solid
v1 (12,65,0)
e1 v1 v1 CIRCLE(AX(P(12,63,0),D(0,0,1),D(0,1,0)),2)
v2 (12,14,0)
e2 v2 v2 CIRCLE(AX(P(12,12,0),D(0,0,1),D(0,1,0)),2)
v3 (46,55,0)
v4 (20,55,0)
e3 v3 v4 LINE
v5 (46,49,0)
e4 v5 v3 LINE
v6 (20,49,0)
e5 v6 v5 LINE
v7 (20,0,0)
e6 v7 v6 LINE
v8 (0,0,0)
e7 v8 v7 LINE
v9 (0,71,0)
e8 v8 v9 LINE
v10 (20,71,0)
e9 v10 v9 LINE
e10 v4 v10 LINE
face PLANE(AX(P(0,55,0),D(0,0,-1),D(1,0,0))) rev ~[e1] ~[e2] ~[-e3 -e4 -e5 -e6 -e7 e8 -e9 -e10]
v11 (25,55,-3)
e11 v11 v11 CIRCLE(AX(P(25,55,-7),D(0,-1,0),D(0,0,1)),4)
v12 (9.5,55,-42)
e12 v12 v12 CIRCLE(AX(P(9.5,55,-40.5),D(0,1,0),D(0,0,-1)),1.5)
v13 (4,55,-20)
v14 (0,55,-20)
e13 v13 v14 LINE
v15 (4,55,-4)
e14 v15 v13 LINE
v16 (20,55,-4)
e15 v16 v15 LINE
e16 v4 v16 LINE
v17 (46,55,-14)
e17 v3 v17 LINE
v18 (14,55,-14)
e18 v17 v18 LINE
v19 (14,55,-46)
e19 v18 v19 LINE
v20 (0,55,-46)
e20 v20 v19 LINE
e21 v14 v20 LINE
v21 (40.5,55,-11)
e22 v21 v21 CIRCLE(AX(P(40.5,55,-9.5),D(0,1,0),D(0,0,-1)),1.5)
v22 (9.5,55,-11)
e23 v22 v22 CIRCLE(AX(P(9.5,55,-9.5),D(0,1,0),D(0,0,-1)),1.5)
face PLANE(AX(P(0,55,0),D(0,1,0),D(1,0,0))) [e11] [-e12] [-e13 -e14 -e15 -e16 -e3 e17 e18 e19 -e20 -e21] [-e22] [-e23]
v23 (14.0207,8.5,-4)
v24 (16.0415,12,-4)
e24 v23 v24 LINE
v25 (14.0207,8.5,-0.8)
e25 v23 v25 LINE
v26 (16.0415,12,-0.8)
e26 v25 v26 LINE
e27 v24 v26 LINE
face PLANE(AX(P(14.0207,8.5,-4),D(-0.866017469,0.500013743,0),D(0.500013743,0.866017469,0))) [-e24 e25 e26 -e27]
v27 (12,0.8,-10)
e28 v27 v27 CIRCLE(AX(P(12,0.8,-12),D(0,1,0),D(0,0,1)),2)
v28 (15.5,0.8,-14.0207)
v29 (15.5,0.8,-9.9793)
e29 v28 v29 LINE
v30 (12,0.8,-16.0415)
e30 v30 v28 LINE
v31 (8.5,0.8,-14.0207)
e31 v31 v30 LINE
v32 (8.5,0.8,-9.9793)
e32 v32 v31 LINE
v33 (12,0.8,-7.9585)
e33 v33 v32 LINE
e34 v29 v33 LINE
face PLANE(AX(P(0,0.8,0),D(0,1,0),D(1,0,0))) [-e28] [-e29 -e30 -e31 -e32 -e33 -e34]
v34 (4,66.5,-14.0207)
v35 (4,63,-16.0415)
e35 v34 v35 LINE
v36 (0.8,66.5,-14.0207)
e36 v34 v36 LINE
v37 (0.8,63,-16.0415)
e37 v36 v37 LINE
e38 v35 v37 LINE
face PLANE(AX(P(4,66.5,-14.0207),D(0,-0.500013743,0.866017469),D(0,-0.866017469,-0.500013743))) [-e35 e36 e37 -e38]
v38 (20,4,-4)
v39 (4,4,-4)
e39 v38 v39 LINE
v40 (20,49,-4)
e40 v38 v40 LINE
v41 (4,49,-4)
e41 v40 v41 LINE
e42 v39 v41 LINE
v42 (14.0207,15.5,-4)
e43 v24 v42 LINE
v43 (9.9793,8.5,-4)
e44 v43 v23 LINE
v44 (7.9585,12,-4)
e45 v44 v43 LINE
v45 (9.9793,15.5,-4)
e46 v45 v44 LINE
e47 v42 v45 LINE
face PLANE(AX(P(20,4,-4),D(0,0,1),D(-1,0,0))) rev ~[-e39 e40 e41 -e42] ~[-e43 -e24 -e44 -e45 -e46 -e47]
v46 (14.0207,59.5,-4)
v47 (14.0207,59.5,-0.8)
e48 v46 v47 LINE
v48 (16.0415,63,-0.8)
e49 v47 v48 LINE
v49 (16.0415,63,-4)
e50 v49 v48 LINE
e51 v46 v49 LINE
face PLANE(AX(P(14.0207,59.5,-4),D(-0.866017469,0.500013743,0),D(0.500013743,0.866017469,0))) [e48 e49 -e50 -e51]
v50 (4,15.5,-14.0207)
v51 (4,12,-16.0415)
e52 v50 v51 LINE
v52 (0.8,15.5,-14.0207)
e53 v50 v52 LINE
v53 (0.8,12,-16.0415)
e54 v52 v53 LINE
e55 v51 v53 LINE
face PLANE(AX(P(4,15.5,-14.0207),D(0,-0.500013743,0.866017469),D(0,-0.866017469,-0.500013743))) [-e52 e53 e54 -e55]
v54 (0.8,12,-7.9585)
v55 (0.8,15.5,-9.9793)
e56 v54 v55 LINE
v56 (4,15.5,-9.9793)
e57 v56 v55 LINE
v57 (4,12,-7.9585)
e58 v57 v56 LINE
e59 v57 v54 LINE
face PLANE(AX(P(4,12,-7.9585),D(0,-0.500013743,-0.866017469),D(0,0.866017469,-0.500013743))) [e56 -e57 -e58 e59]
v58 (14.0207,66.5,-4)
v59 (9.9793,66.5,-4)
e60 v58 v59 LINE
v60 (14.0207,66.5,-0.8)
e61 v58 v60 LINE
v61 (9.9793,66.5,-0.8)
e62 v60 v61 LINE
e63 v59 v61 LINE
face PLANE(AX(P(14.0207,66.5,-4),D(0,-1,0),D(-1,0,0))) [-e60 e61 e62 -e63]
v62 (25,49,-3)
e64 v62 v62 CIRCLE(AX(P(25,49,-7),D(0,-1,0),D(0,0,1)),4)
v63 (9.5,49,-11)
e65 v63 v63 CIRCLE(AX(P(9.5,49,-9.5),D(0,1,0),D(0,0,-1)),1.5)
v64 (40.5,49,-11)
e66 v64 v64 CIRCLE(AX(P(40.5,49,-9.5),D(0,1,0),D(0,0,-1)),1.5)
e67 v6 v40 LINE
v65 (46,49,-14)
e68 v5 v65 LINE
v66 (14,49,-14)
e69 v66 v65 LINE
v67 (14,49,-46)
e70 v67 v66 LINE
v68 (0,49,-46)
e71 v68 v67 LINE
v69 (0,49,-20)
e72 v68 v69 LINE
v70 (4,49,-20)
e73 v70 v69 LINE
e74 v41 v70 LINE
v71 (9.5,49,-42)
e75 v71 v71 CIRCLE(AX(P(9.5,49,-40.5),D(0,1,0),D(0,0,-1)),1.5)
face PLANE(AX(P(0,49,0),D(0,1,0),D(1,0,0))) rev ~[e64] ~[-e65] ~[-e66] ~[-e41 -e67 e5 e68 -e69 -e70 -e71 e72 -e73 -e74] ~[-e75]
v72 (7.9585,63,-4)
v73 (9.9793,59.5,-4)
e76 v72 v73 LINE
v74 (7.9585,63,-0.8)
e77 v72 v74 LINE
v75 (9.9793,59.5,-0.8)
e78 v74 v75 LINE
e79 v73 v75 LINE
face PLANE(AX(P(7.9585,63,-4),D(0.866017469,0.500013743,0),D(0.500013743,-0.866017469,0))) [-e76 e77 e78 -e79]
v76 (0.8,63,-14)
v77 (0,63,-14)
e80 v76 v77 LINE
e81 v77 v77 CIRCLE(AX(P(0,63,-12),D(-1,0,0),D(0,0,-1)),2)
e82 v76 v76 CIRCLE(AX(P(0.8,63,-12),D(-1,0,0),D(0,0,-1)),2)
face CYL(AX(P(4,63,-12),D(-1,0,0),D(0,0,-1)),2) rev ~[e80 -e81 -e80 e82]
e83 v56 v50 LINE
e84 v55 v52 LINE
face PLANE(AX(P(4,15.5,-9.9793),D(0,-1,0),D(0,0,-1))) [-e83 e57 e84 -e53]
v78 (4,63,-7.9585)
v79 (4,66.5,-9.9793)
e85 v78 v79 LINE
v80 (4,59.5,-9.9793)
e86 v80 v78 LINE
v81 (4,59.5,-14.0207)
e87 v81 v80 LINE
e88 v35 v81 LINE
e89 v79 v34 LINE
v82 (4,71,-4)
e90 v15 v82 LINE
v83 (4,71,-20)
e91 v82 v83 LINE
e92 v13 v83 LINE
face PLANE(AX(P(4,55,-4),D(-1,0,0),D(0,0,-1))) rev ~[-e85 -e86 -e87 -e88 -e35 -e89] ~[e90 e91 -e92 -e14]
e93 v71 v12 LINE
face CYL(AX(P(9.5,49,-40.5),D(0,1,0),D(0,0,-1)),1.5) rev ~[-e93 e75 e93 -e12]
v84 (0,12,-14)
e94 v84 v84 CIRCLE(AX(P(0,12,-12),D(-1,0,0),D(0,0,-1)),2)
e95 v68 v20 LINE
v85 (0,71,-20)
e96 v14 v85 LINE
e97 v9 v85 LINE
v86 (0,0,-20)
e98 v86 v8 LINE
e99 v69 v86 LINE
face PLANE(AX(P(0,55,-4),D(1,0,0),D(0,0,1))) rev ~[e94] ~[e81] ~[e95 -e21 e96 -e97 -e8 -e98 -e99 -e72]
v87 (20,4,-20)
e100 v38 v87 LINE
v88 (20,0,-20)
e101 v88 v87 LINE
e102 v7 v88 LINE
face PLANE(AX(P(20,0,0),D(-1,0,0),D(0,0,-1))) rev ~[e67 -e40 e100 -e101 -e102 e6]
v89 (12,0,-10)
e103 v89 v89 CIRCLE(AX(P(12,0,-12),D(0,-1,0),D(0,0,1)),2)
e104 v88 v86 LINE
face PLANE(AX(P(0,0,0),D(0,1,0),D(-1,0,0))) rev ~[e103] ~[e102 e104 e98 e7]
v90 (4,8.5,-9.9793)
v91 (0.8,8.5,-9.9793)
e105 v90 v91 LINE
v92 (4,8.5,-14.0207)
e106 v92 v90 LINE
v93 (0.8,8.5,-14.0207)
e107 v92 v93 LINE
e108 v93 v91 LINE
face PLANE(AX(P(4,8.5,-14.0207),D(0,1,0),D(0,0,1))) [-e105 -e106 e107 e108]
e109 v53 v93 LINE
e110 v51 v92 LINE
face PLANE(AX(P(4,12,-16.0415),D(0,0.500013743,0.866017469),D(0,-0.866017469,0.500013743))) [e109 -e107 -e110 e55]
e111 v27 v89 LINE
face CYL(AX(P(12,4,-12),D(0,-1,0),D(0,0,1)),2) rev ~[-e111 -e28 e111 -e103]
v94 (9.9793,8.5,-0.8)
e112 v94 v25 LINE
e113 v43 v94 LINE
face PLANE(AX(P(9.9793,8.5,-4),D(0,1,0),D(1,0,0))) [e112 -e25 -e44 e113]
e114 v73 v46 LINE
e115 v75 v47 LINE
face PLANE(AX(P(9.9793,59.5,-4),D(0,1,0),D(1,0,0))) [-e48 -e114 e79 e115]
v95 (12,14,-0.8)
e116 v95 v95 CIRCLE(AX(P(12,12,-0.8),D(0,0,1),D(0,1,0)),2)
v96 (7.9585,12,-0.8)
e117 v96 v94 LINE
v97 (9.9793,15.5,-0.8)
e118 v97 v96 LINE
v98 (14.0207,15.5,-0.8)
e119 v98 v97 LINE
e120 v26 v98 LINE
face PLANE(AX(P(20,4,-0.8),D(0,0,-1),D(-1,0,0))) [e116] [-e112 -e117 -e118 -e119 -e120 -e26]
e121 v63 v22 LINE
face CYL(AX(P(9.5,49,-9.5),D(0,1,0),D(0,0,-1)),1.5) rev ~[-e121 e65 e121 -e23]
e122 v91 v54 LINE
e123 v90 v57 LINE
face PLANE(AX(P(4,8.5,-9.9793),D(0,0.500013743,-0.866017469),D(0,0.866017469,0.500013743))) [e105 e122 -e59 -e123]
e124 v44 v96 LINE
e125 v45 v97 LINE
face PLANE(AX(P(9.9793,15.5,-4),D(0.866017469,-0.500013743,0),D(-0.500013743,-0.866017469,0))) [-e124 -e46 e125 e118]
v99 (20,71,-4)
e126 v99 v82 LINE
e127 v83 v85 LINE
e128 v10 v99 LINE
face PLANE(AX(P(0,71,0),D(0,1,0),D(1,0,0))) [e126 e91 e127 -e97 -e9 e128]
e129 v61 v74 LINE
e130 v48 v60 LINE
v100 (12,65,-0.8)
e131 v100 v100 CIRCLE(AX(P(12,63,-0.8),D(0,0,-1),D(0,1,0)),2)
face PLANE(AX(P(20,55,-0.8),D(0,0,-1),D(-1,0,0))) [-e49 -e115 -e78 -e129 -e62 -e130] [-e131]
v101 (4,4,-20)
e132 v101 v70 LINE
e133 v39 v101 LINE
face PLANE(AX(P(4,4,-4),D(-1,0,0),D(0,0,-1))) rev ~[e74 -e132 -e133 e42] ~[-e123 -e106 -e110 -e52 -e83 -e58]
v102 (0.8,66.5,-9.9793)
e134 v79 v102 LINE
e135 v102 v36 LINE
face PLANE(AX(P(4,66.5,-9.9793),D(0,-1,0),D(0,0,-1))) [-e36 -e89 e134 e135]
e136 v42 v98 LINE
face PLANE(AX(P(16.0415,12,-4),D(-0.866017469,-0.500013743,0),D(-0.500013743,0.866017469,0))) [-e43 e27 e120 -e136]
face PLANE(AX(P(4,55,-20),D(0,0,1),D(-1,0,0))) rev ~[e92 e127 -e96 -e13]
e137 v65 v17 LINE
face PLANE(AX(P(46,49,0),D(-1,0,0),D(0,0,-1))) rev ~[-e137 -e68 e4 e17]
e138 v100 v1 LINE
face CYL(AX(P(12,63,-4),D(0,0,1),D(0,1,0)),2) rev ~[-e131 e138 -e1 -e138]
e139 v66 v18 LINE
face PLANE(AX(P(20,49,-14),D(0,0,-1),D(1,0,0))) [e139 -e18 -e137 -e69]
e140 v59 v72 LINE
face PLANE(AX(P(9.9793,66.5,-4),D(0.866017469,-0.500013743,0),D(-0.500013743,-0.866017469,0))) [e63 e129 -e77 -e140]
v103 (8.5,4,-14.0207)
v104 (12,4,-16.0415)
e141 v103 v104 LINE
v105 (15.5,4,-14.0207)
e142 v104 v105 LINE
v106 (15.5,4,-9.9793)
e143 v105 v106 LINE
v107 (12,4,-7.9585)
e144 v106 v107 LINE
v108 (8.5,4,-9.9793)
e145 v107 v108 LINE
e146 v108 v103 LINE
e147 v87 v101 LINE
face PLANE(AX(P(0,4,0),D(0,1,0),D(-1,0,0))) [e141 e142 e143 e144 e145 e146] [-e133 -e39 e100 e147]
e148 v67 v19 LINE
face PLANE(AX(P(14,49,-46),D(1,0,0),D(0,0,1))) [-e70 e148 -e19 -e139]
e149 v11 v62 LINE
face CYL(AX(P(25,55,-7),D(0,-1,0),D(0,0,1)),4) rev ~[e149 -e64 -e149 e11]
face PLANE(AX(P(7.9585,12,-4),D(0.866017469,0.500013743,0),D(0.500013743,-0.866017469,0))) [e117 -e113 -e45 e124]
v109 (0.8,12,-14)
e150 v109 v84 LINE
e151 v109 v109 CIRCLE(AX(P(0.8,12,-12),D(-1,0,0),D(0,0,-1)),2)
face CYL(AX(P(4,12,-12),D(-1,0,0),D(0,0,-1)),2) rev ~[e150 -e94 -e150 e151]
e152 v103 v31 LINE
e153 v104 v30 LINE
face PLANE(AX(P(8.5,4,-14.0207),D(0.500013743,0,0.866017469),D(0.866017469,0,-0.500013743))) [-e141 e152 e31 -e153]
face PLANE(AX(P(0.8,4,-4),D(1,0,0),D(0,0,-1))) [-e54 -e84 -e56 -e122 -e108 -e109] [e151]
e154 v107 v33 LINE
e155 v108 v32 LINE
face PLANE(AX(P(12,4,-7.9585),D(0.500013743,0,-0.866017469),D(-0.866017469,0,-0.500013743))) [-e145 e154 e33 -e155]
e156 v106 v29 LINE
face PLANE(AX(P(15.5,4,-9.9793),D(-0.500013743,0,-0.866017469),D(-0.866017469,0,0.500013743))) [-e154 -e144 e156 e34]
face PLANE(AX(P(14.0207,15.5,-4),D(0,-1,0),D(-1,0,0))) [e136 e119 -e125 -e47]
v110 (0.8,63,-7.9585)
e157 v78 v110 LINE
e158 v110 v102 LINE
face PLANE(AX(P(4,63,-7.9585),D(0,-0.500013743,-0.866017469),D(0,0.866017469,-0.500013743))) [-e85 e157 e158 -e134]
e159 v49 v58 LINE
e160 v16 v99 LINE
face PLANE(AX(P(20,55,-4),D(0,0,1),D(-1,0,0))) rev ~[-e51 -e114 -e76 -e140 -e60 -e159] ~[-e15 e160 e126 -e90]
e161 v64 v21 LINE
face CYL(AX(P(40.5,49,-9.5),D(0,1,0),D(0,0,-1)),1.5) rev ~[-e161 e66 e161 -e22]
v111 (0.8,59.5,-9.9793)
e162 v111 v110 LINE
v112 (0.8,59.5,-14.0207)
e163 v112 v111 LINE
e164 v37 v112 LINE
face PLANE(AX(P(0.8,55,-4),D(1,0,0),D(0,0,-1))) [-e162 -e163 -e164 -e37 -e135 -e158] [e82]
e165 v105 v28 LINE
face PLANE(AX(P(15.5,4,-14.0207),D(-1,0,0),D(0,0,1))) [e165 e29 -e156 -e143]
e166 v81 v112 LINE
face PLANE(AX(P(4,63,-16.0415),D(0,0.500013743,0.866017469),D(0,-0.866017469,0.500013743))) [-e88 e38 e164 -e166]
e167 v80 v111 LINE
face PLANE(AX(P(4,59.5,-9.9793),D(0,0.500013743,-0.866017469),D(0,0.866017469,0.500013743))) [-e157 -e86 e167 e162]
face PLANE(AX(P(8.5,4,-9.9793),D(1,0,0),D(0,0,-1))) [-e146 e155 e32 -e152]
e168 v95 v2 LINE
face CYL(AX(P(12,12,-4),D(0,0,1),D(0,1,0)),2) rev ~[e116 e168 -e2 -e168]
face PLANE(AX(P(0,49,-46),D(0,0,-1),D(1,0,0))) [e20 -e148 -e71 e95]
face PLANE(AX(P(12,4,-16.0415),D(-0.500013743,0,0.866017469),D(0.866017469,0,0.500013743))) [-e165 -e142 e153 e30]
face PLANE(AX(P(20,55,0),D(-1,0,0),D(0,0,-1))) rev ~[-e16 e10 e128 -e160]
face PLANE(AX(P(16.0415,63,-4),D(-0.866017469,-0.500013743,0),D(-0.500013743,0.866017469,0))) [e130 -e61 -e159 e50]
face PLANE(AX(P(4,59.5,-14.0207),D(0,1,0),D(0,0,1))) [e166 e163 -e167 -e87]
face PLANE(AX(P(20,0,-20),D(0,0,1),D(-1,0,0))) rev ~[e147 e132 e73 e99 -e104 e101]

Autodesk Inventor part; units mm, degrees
ref_plane "YZ Plane" through (0, 0, 0) normal (1, 0, 0) x (0, 1, 0)
ref_plane "XZ Plane" through (0, 0, 0) normal (0, 1, 0) x (-1, 0, 0)
ref_plane "XY Plane" through (0, 0, 0) normal (0, 0, 1) x (1, 0, 0)
sketch "Sketch1" plane through (0, 0, 0) normal (0, 1, 0) x (-1, 0, 0)
  line L0 (0, 0) -> (-20, 0)
  line L1 (-20, 0) -> (-20, -20)
  line L2 (-20, -20) -> (0, -20)
  line L3 (0, -20) -> (0, 0)
  dimension "d0" = 20
  dimension "d1" = 20
extrude "Extrusion1" add sketch "Sketch1" along normal blind 4
sketch "Sketch2" plane through (0, 4, 0) normal (0, 1, 0) x (1, 0, 0)
  line L0 (0, 0) -> (20, 0)
  line L1 (20, 0) -> (20, 4)
  line L2 (20, 4) -> (4, 4)
  line L3 (0, 4) -> (0, 0)
  line L4 (0, 0) -> (4, 0)
  line L5 (4, 20) -> (0, 20)
  line L6 (0, 20) -> (0, 0)
  line L7 (4, 4) -> (4, 20)
  line L8 (0, 0) -> (20, 0) projected
  line L9 (0, 0) -> (20, 0)
  line L10 (0, 20) -> (0, 0) projected
  line L11 (0, 0) -> (0, 20)
extrude "Extrusion2" add sketch "Sketch2" along normal blind 45
hole "Hole2" at (12, 12, -4) direction (0, 0, 1) diameter 4 end through all
hole "Hole3" at (4, 12, -12) direction (-1, 0, 0) diameter 4 end through all
hole "Hole4" at (12, 4, -12) direction (0, -1, 0) diameter 4 end through all
sketch "Sketch3" plane through (20, 4, -4) normal (0, 0, -1) x (-1, 0, 0)
  line L0 (12.0415, 8) -> (10.0207, 4.5)
  line L1 (10.0207, 4.5) -> (5.9793, 4.5)
  line L2 (5.9793, 4.5) -> (3.9585, 8)
  line L3 (3.9585, 8) -> (5.9793, 11.5)
  line L4 (5.9793, 11.5) -> (10.0207, 11.5)
  line L5 (10.0207, 11.5) -> (12.0415, 8)
  point P0 (20, -4)
  point P1 (8, 8)
  dimension "d51" = 7
sketch "Sketch4" plane through (4, 4, -4) normal (1, 0, 0) x (0, 0, -1)
  line L0 (12.0415, 8) -> (10.0207, 4.5)
  line L1 (10.0207, 4.5) -> (5.9793, 4.5)
  line L2 (5.9793, 4.5) -> (3.9585, 8)
  line L3 (3.9585, 8) -> (5.9793, 11.5)
  line L4 (5.9793, 11.5) -> (10.0207, 11.5)
  line L5 (10.0207, 11.5) -> (12.0415, 8)
  point P0 (-4, -4)
  point P1 (8, 8)
  dimension "d52" = 7
sketch "Sketch5" plane through (0, 4, 0) normal (0, 1, 0) x (1, 0, 0)
  circle A0 centre (12, 12) radius 2 projected
  line L0 (12, 7.9585) -> (8.5, 9.9793)
  line L1 (8.5, 9.9793) -> (8.5, 14.0207)
  line L2 (8.5, 14.0207) -> (12, 16.0415)
  line L3 (12, 16.0415) -> (15.5, 14.0207)
  line L4 (15.5, 14.0207) -> (15.5, 9.9793)
  line L5 (15.5, 9.9793) -> (12, 7.9585)
  point P0 (0, 0)
  dimension "d53" = 7
extrude "Extrusion3" cut sketch "Sketch3" against normal blind 3.2
extrude "Extrusion4" cut sketch "Sketch4" against normal blind 3.2
extrude "Extrusion5" cut sketch "Sketch5" against normal blind 3.2
sketch "Sketch6" plane through (0, 49, 0) normal (0, 1, 0) x (1, 0, 0)
  line L0 (0, 0) -> (20, 0) projected
  line L1 (0, 0) -> (0, 46)
  line L2 (0, 20) -> (0, 0) projected
  line L3 (0, 0) -> (46, 0)
  line L4 (46, 0) -> (46, 14)
  line L5 (0, 46) -> (14, 46)
  line L6 (14, 46) -> (14, 14)
  line L7 (14, 14) -> (46, 14)
  line L8 (20, 4) -> (4, 4) projected
  line L9 (4, 4) -> (4, 20) projected
  line L10 (20, 20) -> (4, 20) projected
  line L11 (20, 4) -> (20, 20) projected
  point P0 (9.5, 9.5)
  point P1 (9.5, 40.5)
  point P2 (40.5, 9.5)
  dimension "d62" = 14
  dimension "d65" = 42
  dimension "d66" = 42
  dimension "d68" = 5.5
  dimension "d69" = 5.5
  dimension "d70" = 31
  dimension "d71" = 31
  dimension "d72" = 14
extrude "Extrusion6" add sketch "Sketch6" along normal blind 6 contours L1 L5 L6 L10 L9 L8 L11 L7 L4 L3 L0 | L11 L8 L9 L10 L6 L7
hole "Hole5" at (9.5, 49, -9.5) at (9.5, 49, -40.5) at (40.5, 49, -9.5) direction (0, 1, 0) diameter 3 end through all
sketch "Sketch7" plane through (0, 55, 0) normal (0, 1, 0) x (1, 0, 0)
  line L0 (0, 0) -> (20, 0) projected
  line L1 (20, 4) -> (4, 4) projected
  line L2 (0, 0) -> (20, 0)
  line L3 (20, 0) -> (20, 4)
  line L4 (20, 4) -> (4, 4)
  line L5 (0, 4) -> (0, 0)
  line L6 (0, 0) -> (4, 0)
  line L7 (4, 20) -> (0, 20)
  line L8 (0, 20) -> (0, 0)
  line L9 (4, 4) -> (4, 20)
  dimension "d82" = 20
  dimension "d83" = 4
  dimension "d84" = 4
  dimension "d85" = 20
extrude "Extrusion7" add sketch "Sketch7" along normal blind 16
hole "Hole6" at (12, 63, -4) direction (0, 0, 1) diameter 4 end through all
hole "Hole7" at (4, 63, -12) direction (-1, 0, 0) diameter 4 end through all
sketch "Sketch8" plane through (4, 55, -4) normal (1, 0, 0) x (0, 0, -1)
  line L0 (3.9585, 8) -> (5.9793, 11.5)
  line L1 (5.9793, 11.5) -> (10.0207, 11.5)
  line L2 (10.0207, 11.5) -> (12.0415, 8)
  line L3 (12.0415, 8) -> (10.0207, 4.5)
  line L4 (10.0207, 4.5) -> (5.9793, 4.5)
  line L5 (5.9793, 4.5) -> (3.9585, 8)
  point P0 (-4, -55)
  point P1 (8, 8)
  dimension "d106" = 7
sketch "Sketch9" plane through (20, 55, -4) normal (0, 0, -1) x (-1, 0, 0)
  circle A0 centre (8, 8) radius 2 projected
  line L0 (3.9585, 8) -> (5.9793, 11.5)
  line L1 (5.9793, 11.5) -> (10.0207, 11.5)
  line L2 (10.0207, 11.5) -> (12.0415, 8)
  line L3 (12.0415, 8) -> (10.0207, 4.5)
  line L4 (10.0207, 4.5) -> (5.9793, 4.5)
  line L5 (5.9793, 4.5) -> (3.9585, 8)
  point P0 (20, -55)
  dimension "d107" = 7
extrude "Extrusion8" cut sketch "Sketch9" against normal blind 3.2
extrude "Extrusion9" cut sketch "Sketch8" against normal blind 3.2
hole "Hole8" at (25, 55, -7) direction (0, -1, 0) diameter 8 end through all
properties part number "MotorMountRight" material "PLA Orange"
